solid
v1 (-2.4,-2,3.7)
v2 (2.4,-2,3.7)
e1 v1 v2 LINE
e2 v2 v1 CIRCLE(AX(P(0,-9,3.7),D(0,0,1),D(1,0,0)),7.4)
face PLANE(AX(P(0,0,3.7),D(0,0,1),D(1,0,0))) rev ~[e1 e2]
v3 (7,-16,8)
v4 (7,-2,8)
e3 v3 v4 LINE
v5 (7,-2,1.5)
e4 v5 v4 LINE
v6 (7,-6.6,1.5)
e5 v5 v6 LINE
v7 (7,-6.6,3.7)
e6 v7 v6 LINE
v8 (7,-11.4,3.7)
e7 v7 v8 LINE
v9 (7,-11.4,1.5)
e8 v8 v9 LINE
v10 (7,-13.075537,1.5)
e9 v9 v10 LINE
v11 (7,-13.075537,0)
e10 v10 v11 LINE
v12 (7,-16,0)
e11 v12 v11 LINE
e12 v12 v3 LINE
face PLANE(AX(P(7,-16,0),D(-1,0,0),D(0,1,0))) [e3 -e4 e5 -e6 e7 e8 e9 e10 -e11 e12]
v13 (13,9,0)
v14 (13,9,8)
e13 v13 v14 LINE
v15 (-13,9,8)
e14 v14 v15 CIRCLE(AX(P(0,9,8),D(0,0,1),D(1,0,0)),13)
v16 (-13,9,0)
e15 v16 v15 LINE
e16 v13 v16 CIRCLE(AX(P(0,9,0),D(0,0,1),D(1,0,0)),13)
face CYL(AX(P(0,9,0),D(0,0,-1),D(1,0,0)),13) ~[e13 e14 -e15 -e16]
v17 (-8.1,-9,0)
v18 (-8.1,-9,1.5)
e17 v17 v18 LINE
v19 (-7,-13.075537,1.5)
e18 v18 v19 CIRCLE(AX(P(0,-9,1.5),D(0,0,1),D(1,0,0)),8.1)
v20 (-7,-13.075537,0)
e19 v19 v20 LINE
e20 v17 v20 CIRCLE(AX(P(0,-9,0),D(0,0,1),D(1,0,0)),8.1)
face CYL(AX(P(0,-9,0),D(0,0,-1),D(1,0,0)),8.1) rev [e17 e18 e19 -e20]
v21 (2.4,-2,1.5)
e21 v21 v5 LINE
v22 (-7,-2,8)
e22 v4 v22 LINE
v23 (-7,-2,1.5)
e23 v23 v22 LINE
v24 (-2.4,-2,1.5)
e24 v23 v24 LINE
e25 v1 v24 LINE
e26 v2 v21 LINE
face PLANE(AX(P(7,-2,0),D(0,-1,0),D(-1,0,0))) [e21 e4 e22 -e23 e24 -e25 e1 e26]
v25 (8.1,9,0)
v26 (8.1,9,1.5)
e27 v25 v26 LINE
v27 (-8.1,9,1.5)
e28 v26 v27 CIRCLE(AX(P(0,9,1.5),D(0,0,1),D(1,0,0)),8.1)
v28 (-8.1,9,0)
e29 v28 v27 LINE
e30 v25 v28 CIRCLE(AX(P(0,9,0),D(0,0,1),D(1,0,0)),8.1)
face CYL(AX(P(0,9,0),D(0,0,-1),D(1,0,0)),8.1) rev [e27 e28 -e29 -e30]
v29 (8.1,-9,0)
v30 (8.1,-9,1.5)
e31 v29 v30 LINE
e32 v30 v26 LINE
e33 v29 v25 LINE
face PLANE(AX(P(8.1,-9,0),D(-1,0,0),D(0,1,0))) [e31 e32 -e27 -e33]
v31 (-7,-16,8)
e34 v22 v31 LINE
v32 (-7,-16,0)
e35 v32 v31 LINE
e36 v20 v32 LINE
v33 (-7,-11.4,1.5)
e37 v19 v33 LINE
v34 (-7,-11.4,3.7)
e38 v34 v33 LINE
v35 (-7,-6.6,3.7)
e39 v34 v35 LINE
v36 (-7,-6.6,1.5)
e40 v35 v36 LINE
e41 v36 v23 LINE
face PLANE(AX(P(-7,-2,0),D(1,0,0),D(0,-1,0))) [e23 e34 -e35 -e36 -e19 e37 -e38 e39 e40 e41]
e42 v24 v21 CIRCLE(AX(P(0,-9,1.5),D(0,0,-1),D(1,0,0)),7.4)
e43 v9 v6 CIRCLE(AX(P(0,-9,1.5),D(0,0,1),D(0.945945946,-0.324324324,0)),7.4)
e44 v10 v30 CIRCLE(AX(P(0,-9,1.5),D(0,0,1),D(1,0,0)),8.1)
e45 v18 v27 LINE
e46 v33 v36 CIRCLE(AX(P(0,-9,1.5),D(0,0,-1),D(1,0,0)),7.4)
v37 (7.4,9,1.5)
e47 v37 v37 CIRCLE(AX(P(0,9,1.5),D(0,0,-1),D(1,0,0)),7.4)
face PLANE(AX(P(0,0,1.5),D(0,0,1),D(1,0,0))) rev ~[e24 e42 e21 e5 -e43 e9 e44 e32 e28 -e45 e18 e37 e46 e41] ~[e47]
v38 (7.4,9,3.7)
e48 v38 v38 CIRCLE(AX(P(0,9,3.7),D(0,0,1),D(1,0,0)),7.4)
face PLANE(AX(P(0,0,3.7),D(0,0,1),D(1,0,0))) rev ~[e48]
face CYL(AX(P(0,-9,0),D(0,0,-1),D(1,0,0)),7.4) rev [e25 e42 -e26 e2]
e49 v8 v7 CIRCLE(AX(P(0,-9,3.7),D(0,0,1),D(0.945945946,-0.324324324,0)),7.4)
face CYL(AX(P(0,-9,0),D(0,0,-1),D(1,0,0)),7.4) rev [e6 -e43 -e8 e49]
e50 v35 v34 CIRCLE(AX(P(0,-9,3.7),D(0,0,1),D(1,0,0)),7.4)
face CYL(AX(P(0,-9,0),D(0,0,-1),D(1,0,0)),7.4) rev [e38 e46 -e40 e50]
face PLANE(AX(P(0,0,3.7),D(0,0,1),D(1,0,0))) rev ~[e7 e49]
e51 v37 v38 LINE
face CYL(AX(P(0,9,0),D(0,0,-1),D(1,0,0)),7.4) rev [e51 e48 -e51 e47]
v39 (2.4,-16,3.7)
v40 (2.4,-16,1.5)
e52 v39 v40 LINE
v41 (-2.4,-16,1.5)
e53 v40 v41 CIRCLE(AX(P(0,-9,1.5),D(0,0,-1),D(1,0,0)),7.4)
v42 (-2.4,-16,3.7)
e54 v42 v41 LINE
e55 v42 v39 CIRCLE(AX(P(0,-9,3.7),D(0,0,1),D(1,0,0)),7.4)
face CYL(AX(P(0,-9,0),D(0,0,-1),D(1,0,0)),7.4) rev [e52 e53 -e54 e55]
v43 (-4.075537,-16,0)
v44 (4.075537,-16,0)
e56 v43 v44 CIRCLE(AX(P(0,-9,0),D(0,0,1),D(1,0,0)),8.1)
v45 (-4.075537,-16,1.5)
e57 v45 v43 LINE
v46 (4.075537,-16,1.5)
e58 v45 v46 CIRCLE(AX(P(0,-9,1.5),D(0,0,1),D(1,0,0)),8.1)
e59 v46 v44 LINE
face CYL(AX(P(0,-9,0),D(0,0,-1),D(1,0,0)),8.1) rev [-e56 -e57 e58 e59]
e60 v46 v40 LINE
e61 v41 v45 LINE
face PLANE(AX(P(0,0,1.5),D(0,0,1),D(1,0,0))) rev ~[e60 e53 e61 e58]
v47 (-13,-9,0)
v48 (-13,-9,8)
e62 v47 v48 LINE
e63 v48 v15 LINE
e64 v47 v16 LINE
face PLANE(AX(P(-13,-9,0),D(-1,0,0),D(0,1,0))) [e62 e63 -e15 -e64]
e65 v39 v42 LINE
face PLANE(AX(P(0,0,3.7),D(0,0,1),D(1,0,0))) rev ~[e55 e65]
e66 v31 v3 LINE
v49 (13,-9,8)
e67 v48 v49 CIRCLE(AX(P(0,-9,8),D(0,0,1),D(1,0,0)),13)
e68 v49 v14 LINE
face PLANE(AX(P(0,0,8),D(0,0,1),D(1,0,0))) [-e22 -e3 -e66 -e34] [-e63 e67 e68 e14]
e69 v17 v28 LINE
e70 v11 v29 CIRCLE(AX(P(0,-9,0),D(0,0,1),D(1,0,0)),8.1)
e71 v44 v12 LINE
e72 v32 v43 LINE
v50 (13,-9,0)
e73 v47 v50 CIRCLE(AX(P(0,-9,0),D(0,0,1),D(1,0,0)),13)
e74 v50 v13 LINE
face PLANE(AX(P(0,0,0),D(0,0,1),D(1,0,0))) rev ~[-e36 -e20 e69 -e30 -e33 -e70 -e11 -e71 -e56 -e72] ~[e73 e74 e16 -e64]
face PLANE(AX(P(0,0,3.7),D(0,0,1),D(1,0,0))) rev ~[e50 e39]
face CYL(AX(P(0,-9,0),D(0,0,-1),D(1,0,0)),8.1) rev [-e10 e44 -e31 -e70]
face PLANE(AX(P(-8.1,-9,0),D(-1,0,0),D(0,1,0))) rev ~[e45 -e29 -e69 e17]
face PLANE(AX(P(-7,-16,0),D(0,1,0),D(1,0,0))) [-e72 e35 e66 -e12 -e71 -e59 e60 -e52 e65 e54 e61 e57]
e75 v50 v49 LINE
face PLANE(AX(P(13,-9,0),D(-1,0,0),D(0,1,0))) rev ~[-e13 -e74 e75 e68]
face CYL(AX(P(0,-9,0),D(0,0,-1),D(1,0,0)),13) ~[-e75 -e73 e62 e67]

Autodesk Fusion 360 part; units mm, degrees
sketch "Boceto1" plane through (0, 0, 0) normal (0, 0, 1) x (1, 0, 0)
  circle A0 centre (0, 9) radius 13
  circle A1 centre (0, -9) radius 13
  line L0 (-13, -9) -> (-13, 9)
  line L1 (13, -9) -> (13, 9)
extrude "Extruir1" add sketch "Boceto1" along normal blind 8 makes body 1
sketch "Boceto2" plane through (0, 0, 0) normal (0, 0, 1) x (1, 0, 0)
  circle A0 centre (0, 9) radius 8.6
  circle A1 centre (0, -9) radius 8.6
  line L0 (-8.6, -9) -> (-8.6, 9)
  line L1 (8.6, -9) -> (8.6, 9)
extrude "Extruir2" cut sketch "Boceto2" along normal blind 1.5 bodies 1
sketch "Boceto3" plane through (0, 0, 0) normal (0, 0, 1) x (1, 0, 0)
  circle A0 centre (0, 9) radius 8.2
  circle A1 centre (0, -9) radius 8.2
extrude "Extruir3" cut sketch "Boceto3" along normal blind 3.7 bodies 1
sketch "Boceto4" plane through (0, 0, 0) normal (0, 0, 1) x (1, 0, 0)
  line L0 (-6.5, -15.5) -> (6.5, -15.5)
  line L1 (6.5, -15.5) -> (6.5, -2.5)
  line L2 (6.5, -2.5) -> (-6.5, -2.5)
  line L3 (-6.5, -2.5) -> (-6.5, -15.5)
extrude "Extruir4" cut sketch "Boceto4" along normal blind 8 bodies 1
sketch "Boceto5" plane through (0, 0, 0) normal (0, 0, 1) x (1, 0, 0)
  circle A0 centre (0, 9) radius 13
  circle A1 centre (0, -9) radius 13
  line L0 (-13, -9) -> (-13, 9)
  line L1 (13, -9) -> (13, 9)
extrude "Extruir5" add sketch "Boceto5" along normal blind 8 separate body makes body 2
sketch "Boceto6" plane through (0, 0, 0) normal (0, 0, 1) x (1, 0, 0)
  circle A0 centre (0, 9) radius 8.2
  circle A1 centre (0, -9) radius 8.2
  line L0 (-8.2, -9) -> (-8.2, 9)
  line L1 (8.2, -9) -> (8.2, 9)
extrude "Extruir6" cut sketch "Boceto6" along normal blind 1.5 bodies 2
sketch "Boceto7" plane through (0, 0, 0) normal (0, 0, 1) x (1, 0, 0)
  circle A0 centre (0, 9) radius 7.5
  circle A1 centre (0, -9) radius 7.5
extrude "Extruir7" cut sketch "Boceto7" along normal blind 3.7 bodies 2
sketch "Boceto8" plane through (0, 0, 0) normal (0, 0, 1) x (1, 0, 0)
  line L0 (-7, -16) -> (7, -16)
  line L1 (7, -16) -> (7, -2)
  line L2 (7, -2) -> (-7, -2)
  line L3 (-7, -2) -> (-7, -16)
extrude "Extruir8" cut sketch "Boceto8" along normal blind 8 bodies 2
sketch "Boceto9" plane through (0, 0, 0) normal (0, 0, 1) x (1, 0, 0)
  circle A0 centre (0, 9) radius 13
  circle A1 centre (0, -9) radius 13
  line L0 (-13, -9) -> (-13, 9)
  line L1 (13, -9) -> (13, 9)
extrude "Extruir9" add sketch "Boceto9" along normal blind 8 separate body makes body 3
sketch "Boceto10" plane through (0, 0, 0) normal (0, 0, 1) x (1, 0, 0)
  circle A0 centre (0, 9) radius 8.1
  circle A1 centre (0, -9) radius 8.1
  line L0 (-8.1, -9) -> (-8.1, 9)
  line L1 (8.1, -9) -> (8.1, 9)
extrude "Extruir10" cut sketch "Boceto10" along normal blind 1.5 bodies 3
sketch "Boceto11" plane through (0, 0, 0) normal (0, 0, 1) x (1, 0, 0)
  circle A0 centre (0, 9) radius 7.4
  circle A1 centre (0, -9) radius 7.4
extrude "Extruir11" cut sketch "Boceto11" along normal blind 3.7 bodies 3
sketch "Boceto12" plane through (0, 0, 0) normal (0, 0, 1) x (1, 0, 0)
  line L0 (-7, -16) -> (7, -16)
  line L1 (7, -16) -> (7, -2)
  line L2 (7, -2) -> (-7, -2)
  line L3 (-7, -2) -> (-7, -16)
extrude "Extruir12" cut sketch "Boceto12" along normal blind 8 bodies 3
hidden bodies 1 2
